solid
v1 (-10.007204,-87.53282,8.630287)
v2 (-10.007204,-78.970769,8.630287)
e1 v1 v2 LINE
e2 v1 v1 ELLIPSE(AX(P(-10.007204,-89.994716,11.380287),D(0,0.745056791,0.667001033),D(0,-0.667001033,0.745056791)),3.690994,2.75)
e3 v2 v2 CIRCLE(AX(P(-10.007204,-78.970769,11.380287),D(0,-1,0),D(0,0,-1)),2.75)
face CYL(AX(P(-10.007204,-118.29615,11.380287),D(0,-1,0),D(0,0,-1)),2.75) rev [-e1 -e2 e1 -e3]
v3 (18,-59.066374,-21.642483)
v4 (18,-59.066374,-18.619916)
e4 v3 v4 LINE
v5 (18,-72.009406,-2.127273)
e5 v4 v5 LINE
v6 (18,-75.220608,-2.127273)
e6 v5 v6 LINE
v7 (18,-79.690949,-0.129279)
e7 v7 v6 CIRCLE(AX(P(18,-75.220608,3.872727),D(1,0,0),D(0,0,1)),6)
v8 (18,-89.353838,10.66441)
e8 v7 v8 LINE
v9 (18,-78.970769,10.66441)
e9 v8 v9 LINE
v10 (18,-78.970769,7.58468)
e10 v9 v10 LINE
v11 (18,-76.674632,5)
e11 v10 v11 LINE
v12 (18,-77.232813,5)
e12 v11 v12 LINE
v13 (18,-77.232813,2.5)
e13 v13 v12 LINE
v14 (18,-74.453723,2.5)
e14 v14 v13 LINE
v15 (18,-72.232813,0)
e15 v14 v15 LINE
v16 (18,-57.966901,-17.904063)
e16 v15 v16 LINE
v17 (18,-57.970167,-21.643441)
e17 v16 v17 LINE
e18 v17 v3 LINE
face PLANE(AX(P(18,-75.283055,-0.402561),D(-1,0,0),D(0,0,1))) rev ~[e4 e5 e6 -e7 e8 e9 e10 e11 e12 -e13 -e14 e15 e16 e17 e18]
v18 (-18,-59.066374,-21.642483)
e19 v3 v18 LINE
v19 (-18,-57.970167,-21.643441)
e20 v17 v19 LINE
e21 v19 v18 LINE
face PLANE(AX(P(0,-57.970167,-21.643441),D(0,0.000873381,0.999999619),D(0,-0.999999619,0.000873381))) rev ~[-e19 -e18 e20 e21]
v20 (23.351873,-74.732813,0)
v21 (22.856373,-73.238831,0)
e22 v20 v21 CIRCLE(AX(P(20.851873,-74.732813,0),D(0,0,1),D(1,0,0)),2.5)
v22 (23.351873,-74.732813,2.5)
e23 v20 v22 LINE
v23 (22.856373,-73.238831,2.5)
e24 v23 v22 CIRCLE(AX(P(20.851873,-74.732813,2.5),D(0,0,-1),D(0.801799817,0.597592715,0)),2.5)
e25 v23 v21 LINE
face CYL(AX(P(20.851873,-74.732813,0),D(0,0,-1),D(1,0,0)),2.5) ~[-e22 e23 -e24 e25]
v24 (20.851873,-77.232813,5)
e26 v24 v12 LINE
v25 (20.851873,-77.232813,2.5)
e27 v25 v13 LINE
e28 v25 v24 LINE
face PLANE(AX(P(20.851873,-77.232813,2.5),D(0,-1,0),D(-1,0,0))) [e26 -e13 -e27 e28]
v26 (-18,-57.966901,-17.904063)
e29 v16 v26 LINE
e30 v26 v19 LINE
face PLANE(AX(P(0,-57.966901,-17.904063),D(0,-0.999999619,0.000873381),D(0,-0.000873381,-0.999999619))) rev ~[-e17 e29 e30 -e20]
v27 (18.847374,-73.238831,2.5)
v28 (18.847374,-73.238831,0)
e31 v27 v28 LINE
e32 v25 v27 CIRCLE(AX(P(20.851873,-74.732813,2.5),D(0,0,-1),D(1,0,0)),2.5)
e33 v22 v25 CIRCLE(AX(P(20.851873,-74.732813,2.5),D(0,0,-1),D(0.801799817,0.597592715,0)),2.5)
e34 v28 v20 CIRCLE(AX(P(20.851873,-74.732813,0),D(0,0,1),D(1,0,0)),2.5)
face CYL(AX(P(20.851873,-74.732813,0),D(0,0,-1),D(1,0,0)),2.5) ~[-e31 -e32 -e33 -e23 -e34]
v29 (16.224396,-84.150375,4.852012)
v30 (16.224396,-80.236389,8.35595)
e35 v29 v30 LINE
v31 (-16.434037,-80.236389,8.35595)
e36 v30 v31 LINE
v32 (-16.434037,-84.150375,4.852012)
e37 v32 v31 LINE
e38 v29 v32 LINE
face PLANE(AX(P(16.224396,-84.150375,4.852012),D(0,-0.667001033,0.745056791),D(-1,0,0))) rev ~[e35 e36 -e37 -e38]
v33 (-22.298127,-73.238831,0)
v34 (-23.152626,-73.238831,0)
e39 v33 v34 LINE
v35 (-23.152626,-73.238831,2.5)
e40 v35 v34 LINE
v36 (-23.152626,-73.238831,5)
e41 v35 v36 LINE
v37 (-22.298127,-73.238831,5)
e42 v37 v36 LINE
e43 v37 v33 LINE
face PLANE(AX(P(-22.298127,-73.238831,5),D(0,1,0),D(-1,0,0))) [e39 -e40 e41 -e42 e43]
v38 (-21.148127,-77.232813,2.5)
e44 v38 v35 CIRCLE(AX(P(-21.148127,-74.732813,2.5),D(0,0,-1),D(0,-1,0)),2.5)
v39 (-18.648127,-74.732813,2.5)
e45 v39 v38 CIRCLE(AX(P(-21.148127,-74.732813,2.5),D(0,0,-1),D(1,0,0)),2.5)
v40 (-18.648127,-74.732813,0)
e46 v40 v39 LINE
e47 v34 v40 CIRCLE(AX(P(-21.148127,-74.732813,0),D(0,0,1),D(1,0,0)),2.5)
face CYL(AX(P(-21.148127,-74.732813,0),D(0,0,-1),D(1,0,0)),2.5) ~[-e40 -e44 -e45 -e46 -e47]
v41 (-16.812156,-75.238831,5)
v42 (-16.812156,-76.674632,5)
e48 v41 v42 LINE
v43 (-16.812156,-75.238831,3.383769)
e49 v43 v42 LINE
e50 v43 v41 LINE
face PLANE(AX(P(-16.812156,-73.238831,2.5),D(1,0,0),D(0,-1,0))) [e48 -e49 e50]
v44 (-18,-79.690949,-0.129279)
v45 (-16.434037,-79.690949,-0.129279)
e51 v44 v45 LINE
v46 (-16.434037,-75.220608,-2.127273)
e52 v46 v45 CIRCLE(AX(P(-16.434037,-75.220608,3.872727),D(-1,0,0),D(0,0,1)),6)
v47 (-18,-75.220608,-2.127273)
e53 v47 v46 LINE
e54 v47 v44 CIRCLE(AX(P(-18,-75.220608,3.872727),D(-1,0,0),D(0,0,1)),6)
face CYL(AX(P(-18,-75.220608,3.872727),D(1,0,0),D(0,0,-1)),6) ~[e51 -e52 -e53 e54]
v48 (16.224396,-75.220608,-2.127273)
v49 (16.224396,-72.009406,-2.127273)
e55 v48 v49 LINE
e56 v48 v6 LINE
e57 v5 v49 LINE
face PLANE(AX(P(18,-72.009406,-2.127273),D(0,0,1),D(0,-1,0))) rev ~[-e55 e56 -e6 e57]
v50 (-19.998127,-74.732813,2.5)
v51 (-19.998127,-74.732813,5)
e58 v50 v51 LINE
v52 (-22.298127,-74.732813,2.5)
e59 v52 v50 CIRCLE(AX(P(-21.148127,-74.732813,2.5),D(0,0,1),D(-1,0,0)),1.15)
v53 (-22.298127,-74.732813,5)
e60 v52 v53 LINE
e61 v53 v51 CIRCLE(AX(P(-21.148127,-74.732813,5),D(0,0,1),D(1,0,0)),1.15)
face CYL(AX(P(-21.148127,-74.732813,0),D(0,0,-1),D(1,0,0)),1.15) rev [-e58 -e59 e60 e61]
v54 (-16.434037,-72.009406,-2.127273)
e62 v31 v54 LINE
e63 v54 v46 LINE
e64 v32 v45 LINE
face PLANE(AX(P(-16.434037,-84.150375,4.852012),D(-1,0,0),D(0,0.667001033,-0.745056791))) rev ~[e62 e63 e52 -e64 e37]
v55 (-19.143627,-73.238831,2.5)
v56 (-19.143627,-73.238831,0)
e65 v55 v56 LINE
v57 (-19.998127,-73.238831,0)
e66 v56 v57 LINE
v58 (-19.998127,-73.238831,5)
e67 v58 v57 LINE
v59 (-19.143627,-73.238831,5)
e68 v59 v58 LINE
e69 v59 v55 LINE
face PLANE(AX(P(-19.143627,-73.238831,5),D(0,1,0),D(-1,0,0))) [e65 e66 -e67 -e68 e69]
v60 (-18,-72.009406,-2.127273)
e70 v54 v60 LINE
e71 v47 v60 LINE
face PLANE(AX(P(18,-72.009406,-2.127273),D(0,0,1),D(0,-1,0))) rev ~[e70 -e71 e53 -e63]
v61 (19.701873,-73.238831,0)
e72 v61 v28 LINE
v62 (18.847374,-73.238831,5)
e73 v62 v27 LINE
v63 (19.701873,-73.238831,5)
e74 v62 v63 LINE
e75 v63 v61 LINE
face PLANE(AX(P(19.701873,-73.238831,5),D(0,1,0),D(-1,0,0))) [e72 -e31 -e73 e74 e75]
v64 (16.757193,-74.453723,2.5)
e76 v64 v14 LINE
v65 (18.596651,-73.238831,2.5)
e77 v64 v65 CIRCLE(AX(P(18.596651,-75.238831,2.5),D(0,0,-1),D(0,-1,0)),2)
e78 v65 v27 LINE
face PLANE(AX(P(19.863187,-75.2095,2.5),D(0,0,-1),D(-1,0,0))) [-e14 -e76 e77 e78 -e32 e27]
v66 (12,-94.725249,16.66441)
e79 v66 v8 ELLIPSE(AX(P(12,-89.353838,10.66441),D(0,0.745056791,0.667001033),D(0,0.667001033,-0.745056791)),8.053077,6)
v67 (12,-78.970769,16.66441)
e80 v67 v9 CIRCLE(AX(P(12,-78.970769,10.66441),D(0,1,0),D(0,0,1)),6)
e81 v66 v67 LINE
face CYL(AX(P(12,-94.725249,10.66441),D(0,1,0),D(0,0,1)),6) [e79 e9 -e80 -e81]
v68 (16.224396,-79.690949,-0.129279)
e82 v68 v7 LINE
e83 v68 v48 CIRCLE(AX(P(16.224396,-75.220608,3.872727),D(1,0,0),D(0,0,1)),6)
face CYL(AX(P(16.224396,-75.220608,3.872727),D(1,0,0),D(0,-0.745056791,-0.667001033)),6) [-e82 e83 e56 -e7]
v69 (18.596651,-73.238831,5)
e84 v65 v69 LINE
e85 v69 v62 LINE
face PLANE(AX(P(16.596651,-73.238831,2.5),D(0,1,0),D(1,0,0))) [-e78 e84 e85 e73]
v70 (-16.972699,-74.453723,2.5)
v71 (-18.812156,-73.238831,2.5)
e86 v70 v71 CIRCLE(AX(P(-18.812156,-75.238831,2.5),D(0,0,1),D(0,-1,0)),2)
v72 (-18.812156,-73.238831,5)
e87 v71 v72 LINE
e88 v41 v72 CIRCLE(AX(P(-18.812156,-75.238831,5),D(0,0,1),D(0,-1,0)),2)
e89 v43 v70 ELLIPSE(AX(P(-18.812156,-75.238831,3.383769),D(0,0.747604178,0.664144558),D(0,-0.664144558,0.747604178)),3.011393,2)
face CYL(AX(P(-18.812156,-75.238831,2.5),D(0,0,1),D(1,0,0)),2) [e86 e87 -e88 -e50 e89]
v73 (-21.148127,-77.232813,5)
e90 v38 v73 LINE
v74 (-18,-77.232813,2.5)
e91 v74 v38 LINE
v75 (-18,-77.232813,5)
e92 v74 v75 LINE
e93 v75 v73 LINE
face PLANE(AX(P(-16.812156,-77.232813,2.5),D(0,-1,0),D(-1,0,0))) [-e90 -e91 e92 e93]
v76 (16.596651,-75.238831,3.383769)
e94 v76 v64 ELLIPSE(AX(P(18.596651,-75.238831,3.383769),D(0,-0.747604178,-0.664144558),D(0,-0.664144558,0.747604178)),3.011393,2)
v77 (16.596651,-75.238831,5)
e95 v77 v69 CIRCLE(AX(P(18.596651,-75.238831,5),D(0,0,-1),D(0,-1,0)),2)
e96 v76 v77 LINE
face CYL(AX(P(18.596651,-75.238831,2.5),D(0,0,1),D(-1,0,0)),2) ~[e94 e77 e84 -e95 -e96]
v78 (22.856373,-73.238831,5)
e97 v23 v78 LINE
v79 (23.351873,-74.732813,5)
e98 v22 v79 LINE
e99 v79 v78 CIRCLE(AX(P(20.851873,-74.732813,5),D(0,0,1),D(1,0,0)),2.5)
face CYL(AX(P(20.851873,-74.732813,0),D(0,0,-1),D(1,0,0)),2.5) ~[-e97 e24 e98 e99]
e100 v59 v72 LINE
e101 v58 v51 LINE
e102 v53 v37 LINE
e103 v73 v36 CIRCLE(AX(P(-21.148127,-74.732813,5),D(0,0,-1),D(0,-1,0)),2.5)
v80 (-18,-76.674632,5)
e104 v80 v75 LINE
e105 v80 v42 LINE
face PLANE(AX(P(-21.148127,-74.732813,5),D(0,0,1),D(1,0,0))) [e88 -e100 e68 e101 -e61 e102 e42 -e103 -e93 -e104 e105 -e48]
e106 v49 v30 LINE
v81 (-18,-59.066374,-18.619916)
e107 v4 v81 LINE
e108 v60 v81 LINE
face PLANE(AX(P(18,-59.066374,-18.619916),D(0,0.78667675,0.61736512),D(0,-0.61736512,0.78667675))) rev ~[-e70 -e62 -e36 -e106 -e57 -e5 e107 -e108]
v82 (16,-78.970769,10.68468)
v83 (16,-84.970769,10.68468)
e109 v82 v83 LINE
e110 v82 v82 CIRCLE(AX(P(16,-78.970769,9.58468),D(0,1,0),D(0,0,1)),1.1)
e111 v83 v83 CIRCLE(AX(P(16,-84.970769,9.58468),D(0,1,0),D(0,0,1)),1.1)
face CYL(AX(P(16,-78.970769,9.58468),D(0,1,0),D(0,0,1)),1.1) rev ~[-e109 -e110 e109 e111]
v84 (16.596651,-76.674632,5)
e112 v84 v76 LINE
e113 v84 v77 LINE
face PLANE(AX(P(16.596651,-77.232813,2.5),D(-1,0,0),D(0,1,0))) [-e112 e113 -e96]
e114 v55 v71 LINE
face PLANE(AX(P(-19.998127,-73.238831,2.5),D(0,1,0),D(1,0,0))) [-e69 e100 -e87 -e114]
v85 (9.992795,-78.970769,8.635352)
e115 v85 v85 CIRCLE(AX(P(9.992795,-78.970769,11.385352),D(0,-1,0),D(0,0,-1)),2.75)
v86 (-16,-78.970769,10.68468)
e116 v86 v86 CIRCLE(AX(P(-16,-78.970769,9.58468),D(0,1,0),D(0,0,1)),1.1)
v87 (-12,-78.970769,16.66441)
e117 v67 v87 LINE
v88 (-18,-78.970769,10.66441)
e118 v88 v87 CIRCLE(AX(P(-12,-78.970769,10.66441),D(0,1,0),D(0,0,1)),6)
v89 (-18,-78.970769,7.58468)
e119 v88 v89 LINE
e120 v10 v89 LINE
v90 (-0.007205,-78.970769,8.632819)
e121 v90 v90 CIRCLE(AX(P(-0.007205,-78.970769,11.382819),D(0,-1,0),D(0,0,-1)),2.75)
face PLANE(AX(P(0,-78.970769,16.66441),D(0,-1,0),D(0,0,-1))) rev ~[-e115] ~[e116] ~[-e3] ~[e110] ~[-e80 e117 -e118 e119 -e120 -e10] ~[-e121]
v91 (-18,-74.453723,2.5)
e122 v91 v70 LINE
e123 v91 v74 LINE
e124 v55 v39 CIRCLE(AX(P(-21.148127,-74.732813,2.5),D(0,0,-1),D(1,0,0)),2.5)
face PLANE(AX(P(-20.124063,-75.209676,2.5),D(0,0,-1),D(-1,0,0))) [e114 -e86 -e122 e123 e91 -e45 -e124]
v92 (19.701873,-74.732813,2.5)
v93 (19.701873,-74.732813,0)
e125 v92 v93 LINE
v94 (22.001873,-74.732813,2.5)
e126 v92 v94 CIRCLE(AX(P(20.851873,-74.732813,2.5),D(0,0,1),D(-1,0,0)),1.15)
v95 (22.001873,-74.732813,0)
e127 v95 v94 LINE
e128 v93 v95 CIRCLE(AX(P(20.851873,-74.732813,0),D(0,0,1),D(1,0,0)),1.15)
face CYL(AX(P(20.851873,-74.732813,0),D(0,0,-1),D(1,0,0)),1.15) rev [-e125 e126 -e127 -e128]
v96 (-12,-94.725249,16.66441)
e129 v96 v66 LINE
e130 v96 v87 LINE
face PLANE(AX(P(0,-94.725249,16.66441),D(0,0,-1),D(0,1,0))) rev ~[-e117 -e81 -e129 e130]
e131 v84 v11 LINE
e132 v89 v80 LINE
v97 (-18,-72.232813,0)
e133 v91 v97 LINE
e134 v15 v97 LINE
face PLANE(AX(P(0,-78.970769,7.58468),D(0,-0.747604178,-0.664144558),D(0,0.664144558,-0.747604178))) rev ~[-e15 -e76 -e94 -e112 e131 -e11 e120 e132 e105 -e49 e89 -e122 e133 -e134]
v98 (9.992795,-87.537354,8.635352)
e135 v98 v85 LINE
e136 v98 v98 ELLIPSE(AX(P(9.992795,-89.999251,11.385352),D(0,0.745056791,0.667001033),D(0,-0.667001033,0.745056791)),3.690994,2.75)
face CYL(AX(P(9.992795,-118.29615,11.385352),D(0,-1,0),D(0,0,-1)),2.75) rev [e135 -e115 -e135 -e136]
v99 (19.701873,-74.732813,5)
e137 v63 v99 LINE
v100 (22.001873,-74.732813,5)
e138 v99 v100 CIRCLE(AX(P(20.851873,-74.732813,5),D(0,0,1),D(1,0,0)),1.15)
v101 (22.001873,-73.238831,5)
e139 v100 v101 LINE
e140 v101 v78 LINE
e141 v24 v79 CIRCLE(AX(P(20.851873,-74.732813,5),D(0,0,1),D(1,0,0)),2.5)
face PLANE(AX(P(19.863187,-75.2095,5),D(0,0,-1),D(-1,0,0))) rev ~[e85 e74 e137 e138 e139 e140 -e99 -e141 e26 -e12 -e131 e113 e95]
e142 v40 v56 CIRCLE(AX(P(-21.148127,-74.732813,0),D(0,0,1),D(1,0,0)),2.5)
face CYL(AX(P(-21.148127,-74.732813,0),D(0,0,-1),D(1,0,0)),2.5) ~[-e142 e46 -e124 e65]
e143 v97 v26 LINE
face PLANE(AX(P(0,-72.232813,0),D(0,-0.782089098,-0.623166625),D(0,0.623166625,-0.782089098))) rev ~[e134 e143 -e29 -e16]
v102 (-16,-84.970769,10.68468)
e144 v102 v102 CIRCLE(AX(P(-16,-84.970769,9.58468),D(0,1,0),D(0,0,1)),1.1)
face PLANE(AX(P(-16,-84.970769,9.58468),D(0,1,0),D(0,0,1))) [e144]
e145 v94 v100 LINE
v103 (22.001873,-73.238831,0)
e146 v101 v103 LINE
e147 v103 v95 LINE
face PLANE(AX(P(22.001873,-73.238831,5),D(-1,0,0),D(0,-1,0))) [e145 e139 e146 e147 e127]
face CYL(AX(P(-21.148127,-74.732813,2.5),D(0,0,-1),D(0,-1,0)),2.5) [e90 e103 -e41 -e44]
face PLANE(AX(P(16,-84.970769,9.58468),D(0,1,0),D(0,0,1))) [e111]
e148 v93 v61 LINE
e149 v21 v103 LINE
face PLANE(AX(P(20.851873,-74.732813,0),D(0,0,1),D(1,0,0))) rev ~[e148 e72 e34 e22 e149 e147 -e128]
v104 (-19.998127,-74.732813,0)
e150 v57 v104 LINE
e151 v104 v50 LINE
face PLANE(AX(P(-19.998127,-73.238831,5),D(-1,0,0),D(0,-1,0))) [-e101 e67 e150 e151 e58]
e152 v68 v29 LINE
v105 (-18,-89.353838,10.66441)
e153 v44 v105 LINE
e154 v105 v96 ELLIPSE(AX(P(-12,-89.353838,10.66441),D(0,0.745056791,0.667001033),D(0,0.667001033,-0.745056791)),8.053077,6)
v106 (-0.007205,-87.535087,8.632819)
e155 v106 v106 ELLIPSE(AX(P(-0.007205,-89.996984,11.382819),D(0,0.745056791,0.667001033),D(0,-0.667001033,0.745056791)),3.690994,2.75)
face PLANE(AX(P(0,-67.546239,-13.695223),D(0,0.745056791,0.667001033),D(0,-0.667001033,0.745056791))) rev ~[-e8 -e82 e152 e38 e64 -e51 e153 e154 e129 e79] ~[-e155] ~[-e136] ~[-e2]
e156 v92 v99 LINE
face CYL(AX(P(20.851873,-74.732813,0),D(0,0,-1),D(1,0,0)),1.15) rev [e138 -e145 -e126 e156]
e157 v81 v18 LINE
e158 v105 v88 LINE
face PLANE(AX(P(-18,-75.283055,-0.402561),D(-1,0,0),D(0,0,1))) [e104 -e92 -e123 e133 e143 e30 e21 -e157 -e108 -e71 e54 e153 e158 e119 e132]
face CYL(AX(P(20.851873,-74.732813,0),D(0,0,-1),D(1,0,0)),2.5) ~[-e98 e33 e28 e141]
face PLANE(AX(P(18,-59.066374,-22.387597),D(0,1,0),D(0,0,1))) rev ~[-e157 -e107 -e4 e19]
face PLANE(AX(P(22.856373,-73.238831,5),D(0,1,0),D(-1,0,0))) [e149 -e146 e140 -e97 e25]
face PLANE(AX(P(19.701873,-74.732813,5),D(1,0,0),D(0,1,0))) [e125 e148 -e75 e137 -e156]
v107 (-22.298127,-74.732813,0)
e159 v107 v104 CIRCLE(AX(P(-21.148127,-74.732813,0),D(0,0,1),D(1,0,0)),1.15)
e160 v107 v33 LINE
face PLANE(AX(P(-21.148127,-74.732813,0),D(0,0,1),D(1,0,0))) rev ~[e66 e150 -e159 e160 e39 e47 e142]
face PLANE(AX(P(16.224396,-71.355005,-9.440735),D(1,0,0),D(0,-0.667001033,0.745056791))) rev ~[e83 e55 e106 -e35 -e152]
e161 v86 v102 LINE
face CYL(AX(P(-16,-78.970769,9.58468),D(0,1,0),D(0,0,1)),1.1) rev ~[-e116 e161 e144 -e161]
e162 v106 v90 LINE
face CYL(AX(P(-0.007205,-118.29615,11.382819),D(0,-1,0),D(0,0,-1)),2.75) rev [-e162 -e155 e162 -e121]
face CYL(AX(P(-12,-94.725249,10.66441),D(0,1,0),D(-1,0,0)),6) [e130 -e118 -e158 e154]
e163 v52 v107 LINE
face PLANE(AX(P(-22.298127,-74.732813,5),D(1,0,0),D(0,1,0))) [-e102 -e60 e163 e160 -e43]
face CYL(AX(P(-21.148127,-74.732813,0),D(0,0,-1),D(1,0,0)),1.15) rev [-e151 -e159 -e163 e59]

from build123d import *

# Parameters (mm, degrees)
ESQUISSE1_R                  = 2.4999999999999893
ESQUISSE1_R_2                = 1.1499999999999992
EXTRUSION1_DEPTH             = 5
ESQUISSE1_R_3                = 2.5000000000000027
EXTRUSION1_2_DEPTH           = 5
EXTRUSION2_DEPTH             = 18
EXTRUSION3_DEPTH             = 2.5
ENL_V_MAT_EXTRU_1_DEPTH      = 39.32538157223775
ENL_V_MAT_EXTRU_1_DEPTH_BACK = 39.32538157223775
ESQUISSE4_R                  = 2.749999999999997
ESQUISSE4_R_2                = 2.749999999999998
CONG_3_R                     = 2
ENL_V_MAT_EXTRU_3_DEPTH      = 102.20266619760267
ENL_V_MAT_EXTRU_5_DEPTH      = 106.71602432156358
ENL_V_MAT_EXTRU_6_REACH      = 81.21
CONG_4_R                     = 6
CONG_5_R                     = 6
ESQUISSE9_R                  = 1.100000000000001
ESQUISSE9_R_2                = 1.0999999999999992
ENL_V_MAT_EXTRU_7_DEPTH      = 6


with BuildPart() as part:
    # Esquisse1 → Extrusion1 (new body)
    with BuildSketch(Plane.XY):
        with Locations((20.851873368125936, -74.73281291154764)):
            Circle(ESQUISSE1_R)
        with Locations((20.851873368125936, -74.73281291154764)):
            Circle(ESQUISSE1_R_2, mode=Mode.SUBTRACT)
    extrude(amount=EXTRUSION1_DEPTH)



with BuildPart() as body_2:
    # Esquisse1 → Extrusion1 2 (new body)
    with BuildSketch(Plane.XY):
        with Locations((-21.148126631874074, -74.73281291154764)):
            Circle(ESQUISSE1_R_3)
        with Locations((-21.148126631874074, -74.73281291154764)):
            Circle(ESQUISSE1_R_2, mode=Mode.SUBTRACT)
    extrude(amount=EXTRUSION1_2_DEPTH)


with BuildPart() as body_3:
    # Esquisse2 → Extrusion2 (new, symmetric)
    with BuildSketch(Plane(origin=(0, 0, 0), x_dir=(0, 0, -1), z_dir=(1, 0, 0))):
        Polygon((-16.664409805958893, -94.72524914650984), (-16.664409805958893, -78.97076866014885), (-7.5846798827186035, -78.97076866014885), (0, -72.23281291154765), (17.904062513857752, -57.96690094689117), (21.643440589343484, -57.97016684873832), (21.641519151826778, -60.17016600966495), (13.695222620932038, -67.54623887711948), align=None)
    extrude(amount=EXTRUSION2_DEPTH, both=True)


with BuildPart() as part_1:
    add(part.part)

    add(body_2.part)  # Extrusion3 merges body 2

    add(body_3.part)  # Extrusion3 merges body 3
    # Esquisse3 → Extrusion3 (add)
    with BuildSketch(Plane.XY.offset(2.5)):
        with BuildLine():
            Line((-23.15262617413516, -73.23883112281155), (-22.298126631874073, -73.23883112281155))
            Line((-22.298126631874073, -73.23883112281155), (-22.298126631874073, -74.73281291154764))
            ThreePointArc((-22.298126631874073, -74.73281291154764), (-21.148126631874074, -75.88281291154763), (-19.998126631874076, -74.73281291154764))
            Line((-19.998126631874076, -74.73281291154764), (-19.998126631874076, -73.23883112281155))
            Line((-19.998126631874076, -73.23883112281155), (-19.143627089612984, -73.23883112281155))
            Line((-19.143627089612984, -73.23883112281155), (-16.812156322257874, -73.23883112281158))
            Line((-16.812156322257874, -73.23883112281158), (-16.8121563222579, -77.23281291154763))
            Line((-16.8121563222579, -77.23281291154763), (-21.148126631874074, -77.23281291154764))
            ThreePointArc((-21.148126631874074, -77.23281291154764), (-23.382511834993743, -75.85420613610354), (-23.15262617413516, -73.23883112281155))
        make_face()
        with BuildLine():
            Line((18.847373825864864, -73.23883112281155), (19.701873368125938, -73.23883112281155))
            Line((19.701873368125938, -73.23883112281155), (19.701873368125938, -74.73281291154764))
            ThreePointArc((19.701873368125938, -74.73281291154764), (20.851873368125936, -75.88281291154763), (22.001873368125935, -74.73281291154764))
            Line((22.001873368125935, -74.73281291154764), (22.001873368125935, -73.23883112281155))
            Line((22.001873368125935, -73.23883112281155), (22.85637291038701, -73.23883112281155))
            ThreePointArc((22.85637291038701, -73.23883112281155), (23.0862585712456, -75.85420613610351), (20.85187336812597, -77.23281291154763))
            Line((20.85187336812597, -77.23281291154763), (16.59665054376802, -77.23281291154761))
            Line((16.59665054376802, -77.23281291154761), (16.59665054376802, -73.23883112281155))
            Line((16.59665054376802, -73.23883112281155), (18.847373825864864, -73.23883112281155))
        make_face()
    extrude(amount=EXTRUSION3_DEPTH)

    # Esquisse4 → Enlèv. mat.-Extru.1 (cut, two sides: drawn at the far end of the back side and taken through both)
    with BuildSketch(Plane(origin=(0, -78.97076866014885, 0), x_dir=(-1, 0, 0), z_dir=(0, 1, 0)).offset(-ENL_V_MAT_EXTRU_1_DEPTH_BACK)):
        with Locations(Location((-9.992794939980836, 11.38535169586409, 0), (0, 0, 270))):
            Circle(ESQUISSE4_R)
        with Locations(Location((0.00720473933372518, 11.382819165765587, 0), (0, 0, 270))):
            Circle(ESQUISSE4_R_2)
        with Locations(Location((10.007204418648286, 11.380286635667082, 0), (0, 0, 270))):
            Circle(ESQUISSE4_R_2)
    extrude(amount=ENL_V_MAT_EXTRU_1_DEPTH + ENL_V_MAT_EXTRU_1_DEPTH_BACK, mode=Mode.SUBTRACT)

    # Congé3
    cong_3_edges = [part_1.edges().sort_by_distance(p)[0] for p in [
        (-16.812156322257874, -73.23883112281158, 3.75),
        (16.59665054376802, -73.23883112281155, 3.75),
    ]]
    fillet(cong_3_edges, radius=CONG_3_R)

    # Esquisse6 → Enlèv. mat.-Extru.3 (cut, through all)
    with BuildSketch(Plane.XY.offset(5)):
        with BuildLine():
            Line((19.701873368125938, -73.23883112281155), (18.847373825864864, -73.23883112281155))
            ThreePointArc((18.847373825864864, -73.23883112281155), (20.851873368125936, -72.23281291154765), (22.85637291038701, -73.23883112281155))
            Line((22.85637291038701, -73.23883112281155), (22.001873368125935, -73.23883112281155))
            Line((22.001873368125935, -73.23883112281155), (22.001873368125935, -74.73281291154764))
            ThreePointArc((22.001873368125935, -74.73281291154764), (20.851873368125936, -75.88281291154763), (19.701873368125938, -74.73281291154764))
            Line((19.701873368125938, -74.73281291154764), (19.701873368125938, -73.23883112281155))
        make_face()
        with BuildLine():
            Line((-19.143627089612988, -73.23883112281155), (-19.998126631874076, -73.23883112281155))
            Line((-19.998126631874076, -73.23883112281155), (-19.998126631874076, -74.73281291154764))
            ThreePointArc((-19.998126631874076, -74.73281291154764), (-21.148126631874074, -75.88281291154763), (-22.298126631874073, -74.73281291154764))
            Line((-22.298126631874073, -74.73281291154764), (-22.298126631874073, -73.23883112281155))
            Line((-22.298126631874073, -73.23883112281155), (-23.15262617413516, -73.23883112281155))
            ThreePointArc((-23.15262617413516, -73.23883112281155), (-21.148126631874074, -72.23281291154764), (-19.143627089612988, -73.23883112281155))
        make_face()
    extrude(amount=-ENL_V_MAT_EXTRU_3_DEPTH, mode=Mode.SUBTRACT)

    # Esquisse7 → Enlèv. mat.-Extru.5 (cut, through all)
    with BuildSketch(Plane(origin=(18, 0, 0), x_dir=(0, 0, -1), z_dir=(1, 0, 0))):
        Polygon((22.38759689084557, -59.06637403320253), (18.619915990338253, -59.06637403320253), (2.127272735037141, -72.00940646483387), (2.127272735037142, -79.68956966642843), (22.38759689084557, -60.215467045024496), align=None)
    extrude(amount=-ENL_V_MAT_EXTRU_5_DEPTH, mode=Mode.SUBTRACT)

    # Enlèv. mat.-Extru.6: up to this plane
    enl_v_mat_extru_6_end = Plane(origin=(-23.648126631874074, -59.06637403320253, -18.619915990338253), z_dir=(0, 0.7866767496715903, 0.6173651201081433))
    # Esquisse8 → Enlèv. mat.-Extru.6 (cut, up to the surface)
    with BuildSketch(Plane(origin=(0, -44.301458010279546, -39.66022266935793), x_dir=(1, 0, 0), z_dir=(0, -0.745056791328178, -0.6670010327546427)), mode=Mode.PRIVATE) as enl_v_mat_extru_6_sk1:
        Polygon((16.22439568808015, 59.743411480582274), (-16.434037279491676, 59.74341148058227), (-16.43403727949168, 40.55997816141156), (16.22439568808015, 40.559978161411564), align=None)
    enl_v_mat_extru_6_tool1 = split(extrude(enl_v_mat_extru_6_sk1.sketch, amount=-ENL_V_MAT_EXTRU_6_REACH, mode=Mode.PRIVATE), bisect_by=enl_v_mat_extru_6_end, keep=Keep.BOTH, mode=Mode.PRIVATE)
    add(enl_v_mat_extru_6_tool1.solids().sort_by_distance((-0.104821, -77.75269, -2.294362))[0], mode=Mode.SUBTRACT)

    # Congé4
    cong_4_edges = [part_1.edges().sort_by_distance(p)[0] for p in [
        (-17.217018639745838, -77.90227429690431, -2.127272735037141),
        (17.112197844040075, -77.90227429690431, -2.127272735037141),
    ]]
    fillet(cong_4_edges, radius=CONG_4_R)

    # Congé5
    cong_5_edges = [part_1.edges().sort_by_distance(p)[0] for p in [
        (-18, -86.84800890332934, 16.664409805958893),
        (18, -86.84800890332934, 16.664409805958893),
    ]]
    fillet(cong_5_edges, radius=CONG_5_R)

    # Esquisse9 → Enlèv. mat.-Extru.7 (cut)
    with BuildSketch(Plane(origin=(0, -78.97076866014885, 0), x_dir=(-1, 0, 0), z_dir=(0, 1, 0))):
        with Locations(Location((-16, 9.584679882718603, 0), (0, 0, 90))):
            Circle(ESQUISSE9_R)
        with Locations(Location((16, 9.584679882718603, 0), (0, 0, 90))):
            Circle(ESQUISSE9_R_2)
    extrude(amount=-ENL_V_MAT_EXTRU_7_DEPTH, mode=Mode.SUBTRACT)


solid = part_1.part
